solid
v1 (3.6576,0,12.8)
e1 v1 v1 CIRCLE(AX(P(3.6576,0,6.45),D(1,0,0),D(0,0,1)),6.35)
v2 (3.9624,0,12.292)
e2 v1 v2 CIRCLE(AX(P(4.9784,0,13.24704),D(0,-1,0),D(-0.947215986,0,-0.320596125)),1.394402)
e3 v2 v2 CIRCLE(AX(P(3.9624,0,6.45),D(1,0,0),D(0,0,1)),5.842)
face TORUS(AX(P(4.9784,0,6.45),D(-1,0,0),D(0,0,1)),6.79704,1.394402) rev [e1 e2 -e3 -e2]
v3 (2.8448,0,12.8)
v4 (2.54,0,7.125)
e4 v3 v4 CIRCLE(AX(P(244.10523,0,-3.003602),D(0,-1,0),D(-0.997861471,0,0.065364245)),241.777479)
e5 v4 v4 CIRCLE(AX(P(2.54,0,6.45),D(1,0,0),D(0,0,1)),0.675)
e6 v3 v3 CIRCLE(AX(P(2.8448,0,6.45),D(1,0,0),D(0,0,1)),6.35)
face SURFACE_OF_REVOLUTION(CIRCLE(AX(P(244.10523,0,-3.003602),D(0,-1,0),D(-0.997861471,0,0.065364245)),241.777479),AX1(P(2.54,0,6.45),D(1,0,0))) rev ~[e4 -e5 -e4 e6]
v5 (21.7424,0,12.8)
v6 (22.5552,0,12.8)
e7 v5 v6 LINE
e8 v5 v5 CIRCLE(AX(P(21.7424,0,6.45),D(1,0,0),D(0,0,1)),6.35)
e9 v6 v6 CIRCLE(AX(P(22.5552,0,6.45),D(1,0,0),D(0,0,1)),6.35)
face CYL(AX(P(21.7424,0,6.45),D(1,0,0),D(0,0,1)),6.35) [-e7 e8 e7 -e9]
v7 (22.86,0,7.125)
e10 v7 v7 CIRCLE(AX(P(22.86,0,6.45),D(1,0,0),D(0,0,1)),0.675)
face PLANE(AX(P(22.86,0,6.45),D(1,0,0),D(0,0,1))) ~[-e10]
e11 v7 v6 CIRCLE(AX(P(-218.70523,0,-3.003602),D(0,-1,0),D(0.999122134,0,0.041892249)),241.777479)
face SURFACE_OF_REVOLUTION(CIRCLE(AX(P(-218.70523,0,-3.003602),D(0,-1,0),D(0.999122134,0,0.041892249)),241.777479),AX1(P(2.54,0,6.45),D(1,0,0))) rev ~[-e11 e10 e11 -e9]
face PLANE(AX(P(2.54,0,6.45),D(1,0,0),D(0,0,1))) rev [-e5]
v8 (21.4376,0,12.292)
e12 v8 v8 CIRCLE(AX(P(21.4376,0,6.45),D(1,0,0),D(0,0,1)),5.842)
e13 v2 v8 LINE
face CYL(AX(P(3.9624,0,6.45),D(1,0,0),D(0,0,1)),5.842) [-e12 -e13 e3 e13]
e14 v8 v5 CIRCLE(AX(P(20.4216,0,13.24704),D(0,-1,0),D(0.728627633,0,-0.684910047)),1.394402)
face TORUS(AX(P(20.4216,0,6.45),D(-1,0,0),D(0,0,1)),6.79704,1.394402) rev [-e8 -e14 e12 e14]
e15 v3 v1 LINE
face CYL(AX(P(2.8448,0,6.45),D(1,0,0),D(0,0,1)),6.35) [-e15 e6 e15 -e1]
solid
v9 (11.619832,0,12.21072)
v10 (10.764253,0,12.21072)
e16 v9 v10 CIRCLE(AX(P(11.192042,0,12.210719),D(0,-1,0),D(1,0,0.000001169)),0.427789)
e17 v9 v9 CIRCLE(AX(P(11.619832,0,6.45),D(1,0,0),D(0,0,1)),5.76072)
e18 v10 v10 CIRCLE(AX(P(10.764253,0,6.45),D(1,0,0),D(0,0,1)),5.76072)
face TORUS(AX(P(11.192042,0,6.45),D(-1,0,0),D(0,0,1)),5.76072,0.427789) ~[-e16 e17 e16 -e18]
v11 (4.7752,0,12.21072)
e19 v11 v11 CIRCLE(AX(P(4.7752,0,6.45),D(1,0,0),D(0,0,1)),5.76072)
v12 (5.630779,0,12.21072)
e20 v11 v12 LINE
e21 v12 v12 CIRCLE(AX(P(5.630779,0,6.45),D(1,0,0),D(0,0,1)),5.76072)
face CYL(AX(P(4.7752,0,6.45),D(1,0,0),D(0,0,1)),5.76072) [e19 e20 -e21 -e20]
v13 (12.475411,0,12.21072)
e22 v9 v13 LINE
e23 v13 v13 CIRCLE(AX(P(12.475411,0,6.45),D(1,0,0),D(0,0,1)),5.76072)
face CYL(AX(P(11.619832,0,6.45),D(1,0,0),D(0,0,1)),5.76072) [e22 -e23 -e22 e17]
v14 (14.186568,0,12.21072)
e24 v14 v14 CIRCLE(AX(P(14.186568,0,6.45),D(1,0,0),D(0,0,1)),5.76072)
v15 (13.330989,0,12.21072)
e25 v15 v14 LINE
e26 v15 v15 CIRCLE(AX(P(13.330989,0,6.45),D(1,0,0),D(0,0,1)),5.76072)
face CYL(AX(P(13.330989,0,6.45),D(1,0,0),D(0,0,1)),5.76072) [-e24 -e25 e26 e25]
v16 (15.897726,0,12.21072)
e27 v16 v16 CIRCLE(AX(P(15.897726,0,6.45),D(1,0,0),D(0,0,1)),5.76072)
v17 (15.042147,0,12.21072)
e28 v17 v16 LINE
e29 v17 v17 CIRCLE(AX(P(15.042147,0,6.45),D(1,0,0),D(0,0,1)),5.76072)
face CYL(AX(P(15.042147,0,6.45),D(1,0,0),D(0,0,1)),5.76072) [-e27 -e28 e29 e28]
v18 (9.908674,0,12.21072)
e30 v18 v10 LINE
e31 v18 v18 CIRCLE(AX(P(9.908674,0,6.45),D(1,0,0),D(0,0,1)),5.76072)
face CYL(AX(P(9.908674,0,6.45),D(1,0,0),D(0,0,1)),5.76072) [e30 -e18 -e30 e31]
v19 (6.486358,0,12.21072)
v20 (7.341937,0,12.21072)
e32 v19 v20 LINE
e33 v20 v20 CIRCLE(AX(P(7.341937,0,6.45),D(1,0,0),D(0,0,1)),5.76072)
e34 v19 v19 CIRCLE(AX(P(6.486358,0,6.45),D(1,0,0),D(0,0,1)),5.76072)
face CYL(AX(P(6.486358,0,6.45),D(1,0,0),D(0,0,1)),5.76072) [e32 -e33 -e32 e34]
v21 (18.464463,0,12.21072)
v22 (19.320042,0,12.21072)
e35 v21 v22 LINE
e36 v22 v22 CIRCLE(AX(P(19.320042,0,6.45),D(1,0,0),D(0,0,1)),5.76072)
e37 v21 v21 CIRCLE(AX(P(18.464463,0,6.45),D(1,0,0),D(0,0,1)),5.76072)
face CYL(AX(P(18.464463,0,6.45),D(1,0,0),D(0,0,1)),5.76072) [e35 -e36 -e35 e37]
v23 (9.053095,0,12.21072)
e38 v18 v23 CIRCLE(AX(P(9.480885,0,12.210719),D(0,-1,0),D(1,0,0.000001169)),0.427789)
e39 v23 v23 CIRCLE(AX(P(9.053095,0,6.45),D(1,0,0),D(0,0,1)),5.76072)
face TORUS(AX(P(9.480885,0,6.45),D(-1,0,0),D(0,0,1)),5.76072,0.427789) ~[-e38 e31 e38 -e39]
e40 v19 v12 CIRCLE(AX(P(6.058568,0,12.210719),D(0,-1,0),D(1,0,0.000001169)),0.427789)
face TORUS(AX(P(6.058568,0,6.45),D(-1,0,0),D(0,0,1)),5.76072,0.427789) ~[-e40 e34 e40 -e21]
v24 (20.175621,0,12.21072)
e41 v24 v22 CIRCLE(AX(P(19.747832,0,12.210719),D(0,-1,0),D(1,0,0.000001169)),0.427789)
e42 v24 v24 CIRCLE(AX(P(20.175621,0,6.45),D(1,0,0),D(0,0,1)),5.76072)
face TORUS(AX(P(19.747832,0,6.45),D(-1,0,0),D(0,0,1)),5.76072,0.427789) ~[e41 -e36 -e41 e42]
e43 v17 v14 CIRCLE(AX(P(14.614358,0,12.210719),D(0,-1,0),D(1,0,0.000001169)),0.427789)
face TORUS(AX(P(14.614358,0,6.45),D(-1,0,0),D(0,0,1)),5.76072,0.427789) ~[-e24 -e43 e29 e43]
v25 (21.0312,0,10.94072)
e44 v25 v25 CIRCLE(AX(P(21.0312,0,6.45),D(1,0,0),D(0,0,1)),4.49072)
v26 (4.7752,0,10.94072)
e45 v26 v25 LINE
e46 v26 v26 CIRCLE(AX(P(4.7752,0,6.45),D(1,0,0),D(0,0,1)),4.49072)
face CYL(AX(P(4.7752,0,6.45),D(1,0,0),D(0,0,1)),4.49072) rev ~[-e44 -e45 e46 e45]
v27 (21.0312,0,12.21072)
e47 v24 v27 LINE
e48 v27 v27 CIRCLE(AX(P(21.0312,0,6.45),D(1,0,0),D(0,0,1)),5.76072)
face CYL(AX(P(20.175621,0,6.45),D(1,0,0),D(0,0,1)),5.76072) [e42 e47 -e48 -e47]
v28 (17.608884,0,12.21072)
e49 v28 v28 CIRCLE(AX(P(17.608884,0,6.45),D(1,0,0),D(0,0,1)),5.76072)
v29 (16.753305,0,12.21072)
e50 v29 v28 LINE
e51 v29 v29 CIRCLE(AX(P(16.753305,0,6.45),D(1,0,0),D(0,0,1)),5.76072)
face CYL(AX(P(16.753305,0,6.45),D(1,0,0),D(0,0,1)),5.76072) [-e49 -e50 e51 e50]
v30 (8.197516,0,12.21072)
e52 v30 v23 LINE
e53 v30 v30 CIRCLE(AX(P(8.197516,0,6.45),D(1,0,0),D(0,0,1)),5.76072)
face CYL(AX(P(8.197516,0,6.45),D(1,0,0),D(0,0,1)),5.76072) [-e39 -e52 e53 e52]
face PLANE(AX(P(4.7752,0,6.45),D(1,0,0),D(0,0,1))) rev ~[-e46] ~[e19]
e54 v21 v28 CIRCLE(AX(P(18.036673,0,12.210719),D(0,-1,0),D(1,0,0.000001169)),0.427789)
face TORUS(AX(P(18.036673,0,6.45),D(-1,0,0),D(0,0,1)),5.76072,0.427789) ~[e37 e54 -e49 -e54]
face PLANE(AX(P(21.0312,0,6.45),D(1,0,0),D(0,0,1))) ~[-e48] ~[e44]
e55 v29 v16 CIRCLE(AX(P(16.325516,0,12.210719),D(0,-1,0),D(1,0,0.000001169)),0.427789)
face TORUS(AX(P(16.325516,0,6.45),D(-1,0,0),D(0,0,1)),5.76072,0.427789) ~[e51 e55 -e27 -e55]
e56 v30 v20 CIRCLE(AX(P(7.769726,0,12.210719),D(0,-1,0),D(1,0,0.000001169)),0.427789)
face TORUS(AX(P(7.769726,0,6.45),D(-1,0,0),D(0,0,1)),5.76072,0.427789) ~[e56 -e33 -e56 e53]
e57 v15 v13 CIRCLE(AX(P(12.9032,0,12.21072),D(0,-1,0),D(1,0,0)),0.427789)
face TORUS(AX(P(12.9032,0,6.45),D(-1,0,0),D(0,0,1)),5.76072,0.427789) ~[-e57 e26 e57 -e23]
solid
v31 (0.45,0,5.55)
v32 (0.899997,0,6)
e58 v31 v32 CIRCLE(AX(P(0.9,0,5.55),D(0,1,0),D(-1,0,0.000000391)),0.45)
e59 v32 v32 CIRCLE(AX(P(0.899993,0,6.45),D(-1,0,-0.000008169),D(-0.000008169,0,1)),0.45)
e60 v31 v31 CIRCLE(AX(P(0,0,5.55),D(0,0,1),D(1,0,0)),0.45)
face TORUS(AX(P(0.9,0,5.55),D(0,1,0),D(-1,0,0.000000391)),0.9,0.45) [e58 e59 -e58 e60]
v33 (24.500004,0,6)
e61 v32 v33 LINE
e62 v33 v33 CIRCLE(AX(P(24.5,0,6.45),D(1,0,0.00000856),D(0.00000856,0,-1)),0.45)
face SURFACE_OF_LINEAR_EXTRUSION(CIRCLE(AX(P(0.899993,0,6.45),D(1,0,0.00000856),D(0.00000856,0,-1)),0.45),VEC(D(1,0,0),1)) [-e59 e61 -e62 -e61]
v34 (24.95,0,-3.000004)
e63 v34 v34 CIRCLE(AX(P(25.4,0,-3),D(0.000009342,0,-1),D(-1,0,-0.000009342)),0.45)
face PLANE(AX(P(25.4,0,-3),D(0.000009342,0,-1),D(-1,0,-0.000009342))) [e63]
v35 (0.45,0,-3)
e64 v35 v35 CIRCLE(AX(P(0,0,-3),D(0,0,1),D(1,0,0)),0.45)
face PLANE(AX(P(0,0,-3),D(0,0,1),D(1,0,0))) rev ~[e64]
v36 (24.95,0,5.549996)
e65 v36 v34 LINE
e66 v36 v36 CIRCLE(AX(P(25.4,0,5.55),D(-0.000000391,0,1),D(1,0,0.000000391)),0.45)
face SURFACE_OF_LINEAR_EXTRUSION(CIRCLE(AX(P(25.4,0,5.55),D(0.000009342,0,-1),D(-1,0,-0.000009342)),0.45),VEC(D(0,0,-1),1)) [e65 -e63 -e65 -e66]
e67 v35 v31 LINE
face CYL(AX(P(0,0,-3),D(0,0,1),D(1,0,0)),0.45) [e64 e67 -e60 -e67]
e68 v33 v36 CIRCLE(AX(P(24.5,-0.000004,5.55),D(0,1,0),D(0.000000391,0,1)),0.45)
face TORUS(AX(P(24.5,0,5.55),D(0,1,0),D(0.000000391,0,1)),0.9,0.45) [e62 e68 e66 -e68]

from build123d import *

# Parameters (mm, degrees)
SKETCH_R = 0.45


with BuildPart() as revolution:
    # Sketch002 → Revolution (revolve)
    with BuildSketch(Plane.XZ):
        with BuildLine():
            Line((2.8448, 12.8), (3.6576, 12.8))
            ThreePointArc((3.6576, 12.8), (3.78271, 12.529626), (3.9624, 12.292))
            Line((3.9624, 12.292), (21.4376, 12.292))
            ThreePointArc((21.4376, 12.292), (21.61729, 12.529626), (21.7424, 12.8))
            Line((21.7424, 12.8), (22.5552, 12.8))
            ThreePointArc((22.86, 7.125), (22.724275, 9.963396), (22.5552, 12.8))
            Line((22.86, 6.45), (22.86, 7.125))
            Line((2.54, 6.45), (22.86, 6.45))
            Line((2.54, 6.45), (2.54, 7.125))
            ThreePointArc((2.8448, 12.8), (2.675725, 9.963396), (2.54, 7.125))
        make_face()
    revolve(axis=Axis((2.54, 0, 6.45), (1, 0, 0)))


with BuildPart() as sweep_body:
    # Sweep: sweep along a path in Sketch001
    with BuildLine(Plane.XZ) as sweep_path:
        Line((0, -3), (0, 5.55))
        ThreePointArc((0, 5.55), (0.263601, 6.186393), (0.899993, 6.45))
        Line((0.899993, 6.45), (24.5, 6.45))
        ThreePointArc((24.5, 6.45), (25.136396, 6.186396), (25.4, 5.55))
        Line((25.4, 5.55), (25.4, -3))
    # Sketch → Sweep (sweep)
    with BuildSketch(Plane.XY.offset(-2)):
        Circle(SKETCH_R)
    sweep(path=sweep_path.line)


with BuildPart() as revolution001:
    # Sketch003 → Revolution001 (revolve)
    with BuildSketch(Plane.XZ):
        with BuildLine():
            ThreePointArc((6.486358, 12.21072), (6.058568, 12.638509), (5.630779, 12.21072))
            Line((4.7752, 12.21072), (5.630779, 12.21072))
            Line((4.7752, 12.21072), (4.7752, 10.94072))
            Line((4.7752, 10.94072), (21.0312, 10.94072))
            Line((21.0312, 10.94072), (21.0312, 12.21072))
            Line((20.175621, 12.21072), (21.0312, 12.21072))
            ThreePointArc((20.175621, 12.21072), (19.747832, 12.638509), (19.320042, 12.21072))
            Line((18.464463, 12.21072), (19.320042, 12.21072))
            ThreePointArc((18.464463, 12.21072), (18.036674, 12.638509), (17.608884, 12.21072))
            Line((16.753305, 12.21072), (17.608884, 12.21072))
            ThreePointArc((16.753305, 12.21072), (16.325516, 12.638509), (15.897726, 12.21072))
            Line((15.042147, 12.21072), (15.897726, 12.21072))
            ThreePointArc((15.042147, 12.21072), (14.614358, 12.638509), (14.186568, 12.21072))
            Line((13.330989, 12.21072), (14.186568, 12.21072))
            ThreePointArc((13.330989, 12.21072), (12.9032, 12.638509), (12.475411, 12.21072))
            Line((11.619832, 12.21072), (12.475411, 12.21072))
            ThreePointArc((11.619832, 12.21072), (11.192042, 12.638509), (10.764253, 12.21072))
            Line((9.908674, 12.21072), (10.764253, 12.21072))
            ThreePointArc((9.908674, 12.21072), (9.480884, 12.638509), (9.053095, 12.21072))
            Line((8.197516, 12.21072), (9.053095, 12.21072))
            ThreePointArc((8.197516, 12.21072), (7.769726, 12.638509), (7.341937, 12.21072))
            Line((6.486358, 12.21072), (7.341937, 12.21072))
        make_face()
    revolve(axis=Axis((3.048, 0, 6.45), (1, 0, 0)))


solid = Compound([revolution.part, sweep_body.part, revolution001.part])
